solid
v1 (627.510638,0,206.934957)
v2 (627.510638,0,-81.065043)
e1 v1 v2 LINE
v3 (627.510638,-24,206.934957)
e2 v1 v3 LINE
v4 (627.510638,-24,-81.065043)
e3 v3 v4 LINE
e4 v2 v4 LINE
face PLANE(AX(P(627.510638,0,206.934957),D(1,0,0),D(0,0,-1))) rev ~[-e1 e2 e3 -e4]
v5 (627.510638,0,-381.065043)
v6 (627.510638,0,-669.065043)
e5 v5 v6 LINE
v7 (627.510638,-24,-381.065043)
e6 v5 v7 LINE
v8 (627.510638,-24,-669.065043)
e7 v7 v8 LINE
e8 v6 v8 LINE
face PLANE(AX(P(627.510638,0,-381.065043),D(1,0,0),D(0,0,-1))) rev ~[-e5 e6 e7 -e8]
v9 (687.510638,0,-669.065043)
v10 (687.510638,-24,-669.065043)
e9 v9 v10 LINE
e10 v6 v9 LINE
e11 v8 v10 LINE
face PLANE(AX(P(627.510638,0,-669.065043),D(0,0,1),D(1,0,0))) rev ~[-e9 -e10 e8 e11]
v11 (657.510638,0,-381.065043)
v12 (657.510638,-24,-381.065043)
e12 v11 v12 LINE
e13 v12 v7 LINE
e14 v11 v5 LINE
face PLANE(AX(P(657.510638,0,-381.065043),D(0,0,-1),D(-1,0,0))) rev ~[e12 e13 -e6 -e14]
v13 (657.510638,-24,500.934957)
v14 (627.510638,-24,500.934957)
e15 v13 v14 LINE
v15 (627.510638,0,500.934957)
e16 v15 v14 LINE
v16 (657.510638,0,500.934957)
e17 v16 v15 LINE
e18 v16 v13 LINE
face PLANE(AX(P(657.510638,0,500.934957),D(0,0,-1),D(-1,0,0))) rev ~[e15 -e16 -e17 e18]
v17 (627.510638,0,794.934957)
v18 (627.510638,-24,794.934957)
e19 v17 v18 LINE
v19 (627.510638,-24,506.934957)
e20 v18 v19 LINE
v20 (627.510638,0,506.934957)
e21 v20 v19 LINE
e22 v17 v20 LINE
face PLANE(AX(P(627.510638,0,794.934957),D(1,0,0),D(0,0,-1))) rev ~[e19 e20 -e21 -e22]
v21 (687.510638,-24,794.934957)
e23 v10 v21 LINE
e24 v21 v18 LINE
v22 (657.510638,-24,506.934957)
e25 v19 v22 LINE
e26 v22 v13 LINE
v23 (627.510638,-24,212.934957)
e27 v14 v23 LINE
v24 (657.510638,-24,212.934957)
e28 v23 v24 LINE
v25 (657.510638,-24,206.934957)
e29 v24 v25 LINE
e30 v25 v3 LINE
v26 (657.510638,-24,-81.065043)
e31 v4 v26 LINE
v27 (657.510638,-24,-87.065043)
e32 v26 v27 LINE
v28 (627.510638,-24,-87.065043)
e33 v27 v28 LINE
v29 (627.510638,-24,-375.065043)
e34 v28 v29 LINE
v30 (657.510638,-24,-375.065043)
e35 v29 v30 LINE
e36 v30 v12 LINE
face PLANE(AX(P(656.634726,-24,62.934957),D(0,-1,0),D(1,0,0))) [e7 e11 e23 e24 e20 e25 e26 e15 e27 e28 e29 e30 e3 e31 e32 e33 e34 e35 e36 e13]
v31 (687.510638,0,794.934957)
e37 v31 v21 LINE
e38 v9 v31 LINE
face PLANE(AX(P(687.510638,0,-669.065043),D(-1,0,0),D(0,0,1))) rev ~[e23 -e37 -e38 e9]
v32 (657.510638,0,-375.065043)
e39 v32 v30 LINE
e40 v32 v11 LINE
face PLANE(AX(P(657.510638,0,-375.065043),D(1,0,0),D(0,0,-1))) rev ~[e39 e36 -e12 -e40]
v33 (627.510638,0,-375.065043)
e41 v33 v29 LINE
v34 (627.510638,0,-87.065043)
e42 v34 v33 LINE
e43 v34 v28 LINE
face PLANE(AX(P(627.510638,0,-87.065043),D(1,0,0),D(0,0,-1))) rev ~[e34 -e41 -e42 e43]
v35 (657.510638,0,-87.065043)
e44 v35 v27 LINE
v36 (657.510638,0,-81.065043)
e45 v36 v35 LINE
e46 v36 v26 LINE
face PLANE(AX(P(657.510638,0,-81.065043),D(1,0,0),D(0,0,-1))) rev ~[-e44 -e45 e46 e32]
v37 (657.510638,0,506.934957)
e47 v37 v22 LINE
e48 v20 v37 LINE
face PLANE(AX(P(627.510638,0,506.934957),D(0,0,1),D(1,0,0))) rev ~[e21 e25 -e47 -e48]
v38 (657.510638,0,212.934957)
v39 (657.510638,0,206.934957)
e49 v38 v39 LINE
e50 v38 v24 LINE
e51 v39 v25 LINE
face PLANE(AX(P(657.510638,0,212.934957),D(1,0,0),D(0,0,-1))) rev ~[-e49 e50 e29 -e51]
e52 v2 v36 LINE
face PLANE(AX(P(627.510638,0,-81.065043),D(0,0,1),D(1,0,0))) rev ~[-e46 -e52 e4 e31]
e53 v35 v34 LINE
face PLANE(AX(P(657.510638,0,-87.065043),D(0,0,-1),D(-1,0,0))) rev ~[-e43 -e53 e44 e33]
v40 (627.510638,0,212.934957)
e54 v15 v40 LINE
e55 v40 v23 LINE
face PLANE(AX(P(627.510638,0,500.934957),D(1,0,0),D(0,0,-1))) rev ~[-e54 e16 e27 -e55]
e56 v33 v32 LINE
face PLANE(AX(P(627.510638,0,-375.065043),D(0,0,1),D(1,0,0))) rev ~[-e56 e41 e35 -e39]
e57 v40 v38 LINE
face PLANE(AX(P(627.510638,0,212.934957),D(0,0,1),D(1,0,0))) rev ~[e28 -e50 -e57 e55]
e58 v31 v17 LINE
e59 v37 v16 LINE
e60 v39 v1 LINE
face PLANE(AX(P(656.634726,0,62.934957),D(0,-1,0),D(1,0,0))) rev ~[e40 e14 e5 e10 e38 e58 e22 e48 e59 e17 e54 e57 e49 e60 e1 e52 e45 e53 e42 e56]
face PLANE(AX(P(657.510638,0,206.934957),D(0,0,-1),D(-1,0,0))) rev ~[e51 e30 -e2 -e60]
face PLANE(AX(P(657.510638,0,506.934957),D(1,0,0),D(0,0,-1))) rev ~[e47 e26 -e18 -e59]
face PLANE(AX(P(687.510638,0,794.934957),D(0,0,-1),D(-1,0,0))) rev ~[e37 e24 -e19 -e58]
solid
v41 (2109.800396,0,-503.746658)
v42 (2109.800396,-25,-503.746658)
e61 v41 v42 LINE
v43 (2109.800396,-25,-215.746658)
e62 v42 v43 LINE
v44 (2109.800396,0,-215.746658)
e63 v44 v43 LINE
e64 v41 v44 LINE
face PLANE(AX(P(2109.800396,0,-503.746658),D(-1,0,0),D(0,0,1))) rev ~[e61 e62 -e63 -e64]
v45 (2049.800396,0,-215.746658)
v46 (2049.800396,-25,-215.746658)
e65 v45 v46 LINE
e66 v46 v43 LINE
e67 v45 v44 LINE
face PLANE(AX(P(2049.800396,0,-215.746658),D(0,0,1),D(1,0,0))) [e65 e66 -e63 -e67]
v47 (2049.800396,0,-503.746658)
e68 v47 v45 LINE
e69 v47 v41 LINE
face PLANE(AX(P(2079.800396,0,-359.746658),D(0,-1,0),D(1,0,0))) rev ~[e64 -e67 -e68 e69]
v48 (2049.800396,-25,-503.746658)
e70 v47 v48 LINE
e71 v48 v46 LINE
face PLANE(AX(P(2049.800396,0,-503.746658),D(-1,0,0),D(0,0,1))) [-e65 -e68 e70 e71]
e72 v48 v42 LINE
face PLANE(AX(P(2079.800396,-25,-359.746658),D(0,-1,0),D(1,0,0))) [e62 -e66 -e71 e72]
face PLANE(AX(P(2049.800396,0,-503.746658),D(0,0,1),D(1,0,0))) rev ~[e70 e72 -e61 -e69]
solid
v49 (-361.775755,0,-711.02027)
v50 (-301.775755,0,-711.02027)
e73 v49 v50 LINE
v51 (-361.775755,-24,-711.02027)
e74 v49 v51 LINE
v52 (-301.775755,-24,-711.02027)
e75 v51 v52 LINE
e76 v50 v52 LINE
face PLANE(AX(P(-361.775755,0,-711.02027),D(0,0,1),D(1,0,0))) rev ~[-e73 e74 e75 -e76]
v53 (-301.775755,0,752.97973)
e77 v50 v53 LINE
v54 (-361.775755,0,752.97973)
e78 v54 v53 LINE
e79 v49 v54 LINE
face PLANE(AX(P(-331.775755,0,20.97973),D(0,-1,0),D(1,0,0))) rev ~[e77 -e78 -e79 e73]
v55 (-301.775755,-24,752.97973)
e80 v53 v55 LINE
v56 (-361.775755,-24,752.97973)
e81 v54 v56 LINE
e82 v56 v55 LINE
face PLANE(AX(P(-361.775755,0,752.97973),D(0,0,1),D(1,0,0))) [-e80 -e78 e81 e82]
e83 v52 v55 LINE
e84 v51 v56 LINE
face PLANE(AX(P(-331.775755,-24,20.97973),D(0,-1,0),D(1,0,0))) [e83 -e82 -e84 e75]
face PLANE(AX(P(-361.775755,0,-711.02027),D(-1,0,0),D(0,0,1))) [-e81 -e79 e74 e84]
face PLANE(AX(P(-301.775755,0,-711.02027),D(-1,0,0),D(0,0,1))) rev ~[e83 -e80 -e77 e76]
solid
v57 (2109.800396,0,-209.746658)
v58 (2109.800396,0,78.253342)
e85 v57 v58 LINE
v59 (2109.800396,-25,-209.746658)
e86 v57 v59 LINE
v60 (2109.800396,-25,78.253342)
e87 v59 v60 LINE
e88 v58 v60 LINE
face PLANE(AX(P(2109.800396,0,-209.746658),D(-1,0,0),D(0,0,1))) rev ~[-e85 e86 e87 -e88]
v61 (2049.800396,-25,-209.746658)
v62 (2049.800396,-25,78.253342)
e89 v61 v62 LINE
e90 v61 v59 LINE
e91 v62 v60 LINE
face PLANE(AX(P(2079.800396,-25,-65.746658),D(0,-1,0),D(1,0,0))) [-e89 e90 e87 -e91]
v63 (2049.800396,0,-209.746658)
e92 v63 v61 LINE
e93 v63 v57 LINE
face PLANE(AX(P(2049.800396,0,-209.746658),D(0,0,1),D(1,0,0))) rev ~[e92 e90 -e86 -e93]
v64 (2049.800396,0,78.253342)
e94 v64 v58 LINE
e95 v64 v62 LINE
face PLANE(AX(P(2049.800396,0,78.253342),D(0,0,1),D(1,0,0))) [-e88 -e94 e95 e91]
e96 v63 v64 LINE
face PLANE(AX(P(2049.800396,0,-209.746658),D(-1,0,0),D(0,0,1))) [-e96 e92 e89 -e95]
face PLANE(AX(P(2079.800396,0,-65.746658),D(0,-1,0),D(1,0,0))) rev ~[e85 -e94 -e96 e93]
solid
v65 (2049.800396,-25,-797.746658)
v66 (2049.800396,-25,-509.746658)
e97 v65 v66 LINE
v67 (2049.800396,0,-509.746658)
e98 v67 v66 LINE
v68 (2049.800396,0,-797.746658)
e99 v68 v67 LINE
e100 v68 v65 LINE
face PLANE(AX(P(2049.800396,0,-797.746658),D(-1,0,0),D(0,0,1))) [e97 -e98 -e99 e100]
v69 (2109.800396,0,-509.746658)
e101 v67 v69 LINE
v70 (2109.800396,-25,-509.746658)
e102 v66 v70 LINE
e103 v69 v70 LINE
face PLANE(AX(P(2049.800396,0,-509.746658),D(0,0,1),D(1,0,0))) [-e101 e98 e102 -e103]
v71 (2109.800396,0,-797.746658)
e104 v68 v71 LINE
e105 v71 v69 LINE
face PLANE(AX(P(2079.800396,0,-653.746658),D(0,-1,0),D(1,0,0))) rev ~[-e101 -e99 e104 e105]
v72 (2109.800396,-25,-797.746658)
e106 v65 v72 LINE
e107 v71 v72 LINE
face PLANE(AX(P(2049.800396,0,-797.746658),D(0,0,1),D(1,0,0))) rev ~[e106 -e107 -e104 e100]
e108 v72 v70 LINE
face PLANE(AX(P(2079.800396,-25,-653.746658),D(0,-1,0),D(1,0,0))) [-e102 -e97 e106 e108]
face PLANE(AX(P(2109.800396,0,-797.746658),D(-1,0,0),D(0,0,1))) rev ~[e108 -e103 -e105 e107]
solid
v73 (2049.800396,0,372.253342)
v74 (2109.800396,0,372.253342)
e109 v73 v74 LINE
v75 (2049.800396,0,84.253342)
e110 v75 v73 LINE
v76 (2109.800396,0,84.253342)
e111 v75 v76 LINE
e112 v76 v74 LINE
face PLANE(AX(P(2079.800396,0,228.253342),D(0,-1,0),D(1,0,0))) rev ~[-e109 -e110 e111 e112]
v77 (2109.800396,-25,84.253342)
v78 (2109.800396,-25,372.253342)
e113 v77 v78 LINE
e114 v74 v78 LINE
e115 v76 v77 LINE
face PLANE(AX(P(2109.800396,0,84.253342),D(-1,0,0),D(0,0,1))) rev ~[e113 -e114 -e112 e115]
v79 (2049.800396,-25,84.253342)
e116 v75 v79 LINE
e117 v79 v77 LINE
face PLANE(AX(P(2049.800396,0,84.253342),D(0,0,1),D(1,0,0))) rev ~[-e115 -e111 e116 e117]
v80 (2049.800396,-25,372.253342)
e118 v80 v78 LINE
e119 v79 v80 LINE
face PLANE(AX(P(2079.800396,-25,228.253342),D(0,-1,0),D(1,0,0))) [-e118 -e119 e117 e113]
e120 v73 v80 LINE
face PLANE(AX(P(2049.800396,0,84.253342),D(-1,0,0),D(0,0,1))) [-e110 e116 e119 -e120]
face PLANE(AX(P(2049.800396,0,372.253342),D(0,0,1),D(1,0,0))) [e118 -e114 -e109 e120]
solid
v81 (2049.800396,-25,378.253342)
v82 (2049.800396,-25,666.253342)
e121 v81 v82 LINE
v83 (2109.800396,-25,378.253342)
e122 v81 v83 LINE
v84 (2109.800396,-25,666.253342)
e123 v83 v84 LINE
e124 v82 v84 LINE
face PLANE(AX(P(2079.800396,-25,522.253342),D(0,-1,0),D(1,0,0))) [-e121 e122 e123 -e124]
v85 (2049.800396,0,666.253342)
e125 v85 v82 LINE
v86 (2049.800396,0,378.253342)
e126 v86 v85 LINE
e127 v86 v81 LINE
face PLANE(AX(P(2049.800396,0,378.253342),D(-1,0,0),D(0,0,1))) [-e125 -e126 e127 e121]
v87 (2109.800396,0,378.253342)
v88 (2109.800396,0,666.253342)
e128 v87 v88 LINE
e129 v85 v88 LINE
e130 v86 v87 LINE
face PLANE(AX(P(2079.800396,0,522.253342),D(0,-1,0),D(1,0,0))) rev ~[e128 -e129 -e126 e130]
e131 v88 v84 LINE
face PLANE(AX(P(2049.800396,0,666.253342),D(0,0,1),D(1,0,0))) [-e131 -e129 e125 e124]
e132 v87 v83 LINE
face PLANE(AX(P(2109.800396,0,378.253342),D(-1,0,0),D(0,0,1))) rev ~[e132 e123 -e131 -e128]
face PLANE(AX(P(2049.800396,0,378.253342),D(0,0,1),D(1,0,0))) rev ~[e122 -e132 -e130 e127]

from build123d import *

# Parameters (mm, degrees)
F0_W     = 60
F0_H     = 1464
F1_DEPTH = 24
F2_W     = 60
F2_H     = 288
F3_DEPTH = 25
F5_DEPTH = 24


with BuildPart() as f1:
    # F0 (on Front) → F1 (new body)
    with BuildSketch(Plane.XZ):
        with Locations((-331.775755, 20.97973)):
            Rectangle(F0_W, F0_H)
    extrude(amount=F1_DEPTH)


with BuildPart() as f3:
    # F2 (on Front) → F3 (new body)
    with BuildSketch(Plane.XZ):
        with Locations((2079.800396, 522.253342)):
            Rectangle(F2_W, F2_H)
        with Locations((2079.800396, 228.253342)):
            Rectangle(F2_W, F2_H)
        with Locations((2079.800396, -65.746658)):
            Rectangle(F2_W, F2_H)
        with Locations((2079.800396, -359.746658)):
            Rectangle(F2_W, F2_H)
        with Locations((2079.800396, -653.746658)):
            Rectangle(F2_W, F2_H)
    extrude(amount=F3_DEPTH)


with BuildPart() as f5:
    # F4 (on Front) → F5 (new body)
    with BuildSketch(Plane.XZ):
        Polygon((627.510638, 794.934957), (627.510638, 506.934957), (657.510638, 506.934957), (657.510638, 500.934957), (627.510638, 500.934957), (627.510638, 212.934957), (657.510638, 212.934957), (657.510638, 206.934957), (627.510638, 206.934957), (627.510638, -81.065043), (657.510638, -81.065043), (657.510638, -87.065043), (627.510638, -87.065043), (627.510638, -375.065043), (657.510638, -375.065043), (657.510638, -381.065043), (627.510638, -381.065043), (627.510638, -669.065043), (687.510638, -669.065043), (687.510638, 794.934957), align=None)
    extrude(amount=F5_DEPTH)


solid = Compound([f1.part, f3.part, f5.part])
